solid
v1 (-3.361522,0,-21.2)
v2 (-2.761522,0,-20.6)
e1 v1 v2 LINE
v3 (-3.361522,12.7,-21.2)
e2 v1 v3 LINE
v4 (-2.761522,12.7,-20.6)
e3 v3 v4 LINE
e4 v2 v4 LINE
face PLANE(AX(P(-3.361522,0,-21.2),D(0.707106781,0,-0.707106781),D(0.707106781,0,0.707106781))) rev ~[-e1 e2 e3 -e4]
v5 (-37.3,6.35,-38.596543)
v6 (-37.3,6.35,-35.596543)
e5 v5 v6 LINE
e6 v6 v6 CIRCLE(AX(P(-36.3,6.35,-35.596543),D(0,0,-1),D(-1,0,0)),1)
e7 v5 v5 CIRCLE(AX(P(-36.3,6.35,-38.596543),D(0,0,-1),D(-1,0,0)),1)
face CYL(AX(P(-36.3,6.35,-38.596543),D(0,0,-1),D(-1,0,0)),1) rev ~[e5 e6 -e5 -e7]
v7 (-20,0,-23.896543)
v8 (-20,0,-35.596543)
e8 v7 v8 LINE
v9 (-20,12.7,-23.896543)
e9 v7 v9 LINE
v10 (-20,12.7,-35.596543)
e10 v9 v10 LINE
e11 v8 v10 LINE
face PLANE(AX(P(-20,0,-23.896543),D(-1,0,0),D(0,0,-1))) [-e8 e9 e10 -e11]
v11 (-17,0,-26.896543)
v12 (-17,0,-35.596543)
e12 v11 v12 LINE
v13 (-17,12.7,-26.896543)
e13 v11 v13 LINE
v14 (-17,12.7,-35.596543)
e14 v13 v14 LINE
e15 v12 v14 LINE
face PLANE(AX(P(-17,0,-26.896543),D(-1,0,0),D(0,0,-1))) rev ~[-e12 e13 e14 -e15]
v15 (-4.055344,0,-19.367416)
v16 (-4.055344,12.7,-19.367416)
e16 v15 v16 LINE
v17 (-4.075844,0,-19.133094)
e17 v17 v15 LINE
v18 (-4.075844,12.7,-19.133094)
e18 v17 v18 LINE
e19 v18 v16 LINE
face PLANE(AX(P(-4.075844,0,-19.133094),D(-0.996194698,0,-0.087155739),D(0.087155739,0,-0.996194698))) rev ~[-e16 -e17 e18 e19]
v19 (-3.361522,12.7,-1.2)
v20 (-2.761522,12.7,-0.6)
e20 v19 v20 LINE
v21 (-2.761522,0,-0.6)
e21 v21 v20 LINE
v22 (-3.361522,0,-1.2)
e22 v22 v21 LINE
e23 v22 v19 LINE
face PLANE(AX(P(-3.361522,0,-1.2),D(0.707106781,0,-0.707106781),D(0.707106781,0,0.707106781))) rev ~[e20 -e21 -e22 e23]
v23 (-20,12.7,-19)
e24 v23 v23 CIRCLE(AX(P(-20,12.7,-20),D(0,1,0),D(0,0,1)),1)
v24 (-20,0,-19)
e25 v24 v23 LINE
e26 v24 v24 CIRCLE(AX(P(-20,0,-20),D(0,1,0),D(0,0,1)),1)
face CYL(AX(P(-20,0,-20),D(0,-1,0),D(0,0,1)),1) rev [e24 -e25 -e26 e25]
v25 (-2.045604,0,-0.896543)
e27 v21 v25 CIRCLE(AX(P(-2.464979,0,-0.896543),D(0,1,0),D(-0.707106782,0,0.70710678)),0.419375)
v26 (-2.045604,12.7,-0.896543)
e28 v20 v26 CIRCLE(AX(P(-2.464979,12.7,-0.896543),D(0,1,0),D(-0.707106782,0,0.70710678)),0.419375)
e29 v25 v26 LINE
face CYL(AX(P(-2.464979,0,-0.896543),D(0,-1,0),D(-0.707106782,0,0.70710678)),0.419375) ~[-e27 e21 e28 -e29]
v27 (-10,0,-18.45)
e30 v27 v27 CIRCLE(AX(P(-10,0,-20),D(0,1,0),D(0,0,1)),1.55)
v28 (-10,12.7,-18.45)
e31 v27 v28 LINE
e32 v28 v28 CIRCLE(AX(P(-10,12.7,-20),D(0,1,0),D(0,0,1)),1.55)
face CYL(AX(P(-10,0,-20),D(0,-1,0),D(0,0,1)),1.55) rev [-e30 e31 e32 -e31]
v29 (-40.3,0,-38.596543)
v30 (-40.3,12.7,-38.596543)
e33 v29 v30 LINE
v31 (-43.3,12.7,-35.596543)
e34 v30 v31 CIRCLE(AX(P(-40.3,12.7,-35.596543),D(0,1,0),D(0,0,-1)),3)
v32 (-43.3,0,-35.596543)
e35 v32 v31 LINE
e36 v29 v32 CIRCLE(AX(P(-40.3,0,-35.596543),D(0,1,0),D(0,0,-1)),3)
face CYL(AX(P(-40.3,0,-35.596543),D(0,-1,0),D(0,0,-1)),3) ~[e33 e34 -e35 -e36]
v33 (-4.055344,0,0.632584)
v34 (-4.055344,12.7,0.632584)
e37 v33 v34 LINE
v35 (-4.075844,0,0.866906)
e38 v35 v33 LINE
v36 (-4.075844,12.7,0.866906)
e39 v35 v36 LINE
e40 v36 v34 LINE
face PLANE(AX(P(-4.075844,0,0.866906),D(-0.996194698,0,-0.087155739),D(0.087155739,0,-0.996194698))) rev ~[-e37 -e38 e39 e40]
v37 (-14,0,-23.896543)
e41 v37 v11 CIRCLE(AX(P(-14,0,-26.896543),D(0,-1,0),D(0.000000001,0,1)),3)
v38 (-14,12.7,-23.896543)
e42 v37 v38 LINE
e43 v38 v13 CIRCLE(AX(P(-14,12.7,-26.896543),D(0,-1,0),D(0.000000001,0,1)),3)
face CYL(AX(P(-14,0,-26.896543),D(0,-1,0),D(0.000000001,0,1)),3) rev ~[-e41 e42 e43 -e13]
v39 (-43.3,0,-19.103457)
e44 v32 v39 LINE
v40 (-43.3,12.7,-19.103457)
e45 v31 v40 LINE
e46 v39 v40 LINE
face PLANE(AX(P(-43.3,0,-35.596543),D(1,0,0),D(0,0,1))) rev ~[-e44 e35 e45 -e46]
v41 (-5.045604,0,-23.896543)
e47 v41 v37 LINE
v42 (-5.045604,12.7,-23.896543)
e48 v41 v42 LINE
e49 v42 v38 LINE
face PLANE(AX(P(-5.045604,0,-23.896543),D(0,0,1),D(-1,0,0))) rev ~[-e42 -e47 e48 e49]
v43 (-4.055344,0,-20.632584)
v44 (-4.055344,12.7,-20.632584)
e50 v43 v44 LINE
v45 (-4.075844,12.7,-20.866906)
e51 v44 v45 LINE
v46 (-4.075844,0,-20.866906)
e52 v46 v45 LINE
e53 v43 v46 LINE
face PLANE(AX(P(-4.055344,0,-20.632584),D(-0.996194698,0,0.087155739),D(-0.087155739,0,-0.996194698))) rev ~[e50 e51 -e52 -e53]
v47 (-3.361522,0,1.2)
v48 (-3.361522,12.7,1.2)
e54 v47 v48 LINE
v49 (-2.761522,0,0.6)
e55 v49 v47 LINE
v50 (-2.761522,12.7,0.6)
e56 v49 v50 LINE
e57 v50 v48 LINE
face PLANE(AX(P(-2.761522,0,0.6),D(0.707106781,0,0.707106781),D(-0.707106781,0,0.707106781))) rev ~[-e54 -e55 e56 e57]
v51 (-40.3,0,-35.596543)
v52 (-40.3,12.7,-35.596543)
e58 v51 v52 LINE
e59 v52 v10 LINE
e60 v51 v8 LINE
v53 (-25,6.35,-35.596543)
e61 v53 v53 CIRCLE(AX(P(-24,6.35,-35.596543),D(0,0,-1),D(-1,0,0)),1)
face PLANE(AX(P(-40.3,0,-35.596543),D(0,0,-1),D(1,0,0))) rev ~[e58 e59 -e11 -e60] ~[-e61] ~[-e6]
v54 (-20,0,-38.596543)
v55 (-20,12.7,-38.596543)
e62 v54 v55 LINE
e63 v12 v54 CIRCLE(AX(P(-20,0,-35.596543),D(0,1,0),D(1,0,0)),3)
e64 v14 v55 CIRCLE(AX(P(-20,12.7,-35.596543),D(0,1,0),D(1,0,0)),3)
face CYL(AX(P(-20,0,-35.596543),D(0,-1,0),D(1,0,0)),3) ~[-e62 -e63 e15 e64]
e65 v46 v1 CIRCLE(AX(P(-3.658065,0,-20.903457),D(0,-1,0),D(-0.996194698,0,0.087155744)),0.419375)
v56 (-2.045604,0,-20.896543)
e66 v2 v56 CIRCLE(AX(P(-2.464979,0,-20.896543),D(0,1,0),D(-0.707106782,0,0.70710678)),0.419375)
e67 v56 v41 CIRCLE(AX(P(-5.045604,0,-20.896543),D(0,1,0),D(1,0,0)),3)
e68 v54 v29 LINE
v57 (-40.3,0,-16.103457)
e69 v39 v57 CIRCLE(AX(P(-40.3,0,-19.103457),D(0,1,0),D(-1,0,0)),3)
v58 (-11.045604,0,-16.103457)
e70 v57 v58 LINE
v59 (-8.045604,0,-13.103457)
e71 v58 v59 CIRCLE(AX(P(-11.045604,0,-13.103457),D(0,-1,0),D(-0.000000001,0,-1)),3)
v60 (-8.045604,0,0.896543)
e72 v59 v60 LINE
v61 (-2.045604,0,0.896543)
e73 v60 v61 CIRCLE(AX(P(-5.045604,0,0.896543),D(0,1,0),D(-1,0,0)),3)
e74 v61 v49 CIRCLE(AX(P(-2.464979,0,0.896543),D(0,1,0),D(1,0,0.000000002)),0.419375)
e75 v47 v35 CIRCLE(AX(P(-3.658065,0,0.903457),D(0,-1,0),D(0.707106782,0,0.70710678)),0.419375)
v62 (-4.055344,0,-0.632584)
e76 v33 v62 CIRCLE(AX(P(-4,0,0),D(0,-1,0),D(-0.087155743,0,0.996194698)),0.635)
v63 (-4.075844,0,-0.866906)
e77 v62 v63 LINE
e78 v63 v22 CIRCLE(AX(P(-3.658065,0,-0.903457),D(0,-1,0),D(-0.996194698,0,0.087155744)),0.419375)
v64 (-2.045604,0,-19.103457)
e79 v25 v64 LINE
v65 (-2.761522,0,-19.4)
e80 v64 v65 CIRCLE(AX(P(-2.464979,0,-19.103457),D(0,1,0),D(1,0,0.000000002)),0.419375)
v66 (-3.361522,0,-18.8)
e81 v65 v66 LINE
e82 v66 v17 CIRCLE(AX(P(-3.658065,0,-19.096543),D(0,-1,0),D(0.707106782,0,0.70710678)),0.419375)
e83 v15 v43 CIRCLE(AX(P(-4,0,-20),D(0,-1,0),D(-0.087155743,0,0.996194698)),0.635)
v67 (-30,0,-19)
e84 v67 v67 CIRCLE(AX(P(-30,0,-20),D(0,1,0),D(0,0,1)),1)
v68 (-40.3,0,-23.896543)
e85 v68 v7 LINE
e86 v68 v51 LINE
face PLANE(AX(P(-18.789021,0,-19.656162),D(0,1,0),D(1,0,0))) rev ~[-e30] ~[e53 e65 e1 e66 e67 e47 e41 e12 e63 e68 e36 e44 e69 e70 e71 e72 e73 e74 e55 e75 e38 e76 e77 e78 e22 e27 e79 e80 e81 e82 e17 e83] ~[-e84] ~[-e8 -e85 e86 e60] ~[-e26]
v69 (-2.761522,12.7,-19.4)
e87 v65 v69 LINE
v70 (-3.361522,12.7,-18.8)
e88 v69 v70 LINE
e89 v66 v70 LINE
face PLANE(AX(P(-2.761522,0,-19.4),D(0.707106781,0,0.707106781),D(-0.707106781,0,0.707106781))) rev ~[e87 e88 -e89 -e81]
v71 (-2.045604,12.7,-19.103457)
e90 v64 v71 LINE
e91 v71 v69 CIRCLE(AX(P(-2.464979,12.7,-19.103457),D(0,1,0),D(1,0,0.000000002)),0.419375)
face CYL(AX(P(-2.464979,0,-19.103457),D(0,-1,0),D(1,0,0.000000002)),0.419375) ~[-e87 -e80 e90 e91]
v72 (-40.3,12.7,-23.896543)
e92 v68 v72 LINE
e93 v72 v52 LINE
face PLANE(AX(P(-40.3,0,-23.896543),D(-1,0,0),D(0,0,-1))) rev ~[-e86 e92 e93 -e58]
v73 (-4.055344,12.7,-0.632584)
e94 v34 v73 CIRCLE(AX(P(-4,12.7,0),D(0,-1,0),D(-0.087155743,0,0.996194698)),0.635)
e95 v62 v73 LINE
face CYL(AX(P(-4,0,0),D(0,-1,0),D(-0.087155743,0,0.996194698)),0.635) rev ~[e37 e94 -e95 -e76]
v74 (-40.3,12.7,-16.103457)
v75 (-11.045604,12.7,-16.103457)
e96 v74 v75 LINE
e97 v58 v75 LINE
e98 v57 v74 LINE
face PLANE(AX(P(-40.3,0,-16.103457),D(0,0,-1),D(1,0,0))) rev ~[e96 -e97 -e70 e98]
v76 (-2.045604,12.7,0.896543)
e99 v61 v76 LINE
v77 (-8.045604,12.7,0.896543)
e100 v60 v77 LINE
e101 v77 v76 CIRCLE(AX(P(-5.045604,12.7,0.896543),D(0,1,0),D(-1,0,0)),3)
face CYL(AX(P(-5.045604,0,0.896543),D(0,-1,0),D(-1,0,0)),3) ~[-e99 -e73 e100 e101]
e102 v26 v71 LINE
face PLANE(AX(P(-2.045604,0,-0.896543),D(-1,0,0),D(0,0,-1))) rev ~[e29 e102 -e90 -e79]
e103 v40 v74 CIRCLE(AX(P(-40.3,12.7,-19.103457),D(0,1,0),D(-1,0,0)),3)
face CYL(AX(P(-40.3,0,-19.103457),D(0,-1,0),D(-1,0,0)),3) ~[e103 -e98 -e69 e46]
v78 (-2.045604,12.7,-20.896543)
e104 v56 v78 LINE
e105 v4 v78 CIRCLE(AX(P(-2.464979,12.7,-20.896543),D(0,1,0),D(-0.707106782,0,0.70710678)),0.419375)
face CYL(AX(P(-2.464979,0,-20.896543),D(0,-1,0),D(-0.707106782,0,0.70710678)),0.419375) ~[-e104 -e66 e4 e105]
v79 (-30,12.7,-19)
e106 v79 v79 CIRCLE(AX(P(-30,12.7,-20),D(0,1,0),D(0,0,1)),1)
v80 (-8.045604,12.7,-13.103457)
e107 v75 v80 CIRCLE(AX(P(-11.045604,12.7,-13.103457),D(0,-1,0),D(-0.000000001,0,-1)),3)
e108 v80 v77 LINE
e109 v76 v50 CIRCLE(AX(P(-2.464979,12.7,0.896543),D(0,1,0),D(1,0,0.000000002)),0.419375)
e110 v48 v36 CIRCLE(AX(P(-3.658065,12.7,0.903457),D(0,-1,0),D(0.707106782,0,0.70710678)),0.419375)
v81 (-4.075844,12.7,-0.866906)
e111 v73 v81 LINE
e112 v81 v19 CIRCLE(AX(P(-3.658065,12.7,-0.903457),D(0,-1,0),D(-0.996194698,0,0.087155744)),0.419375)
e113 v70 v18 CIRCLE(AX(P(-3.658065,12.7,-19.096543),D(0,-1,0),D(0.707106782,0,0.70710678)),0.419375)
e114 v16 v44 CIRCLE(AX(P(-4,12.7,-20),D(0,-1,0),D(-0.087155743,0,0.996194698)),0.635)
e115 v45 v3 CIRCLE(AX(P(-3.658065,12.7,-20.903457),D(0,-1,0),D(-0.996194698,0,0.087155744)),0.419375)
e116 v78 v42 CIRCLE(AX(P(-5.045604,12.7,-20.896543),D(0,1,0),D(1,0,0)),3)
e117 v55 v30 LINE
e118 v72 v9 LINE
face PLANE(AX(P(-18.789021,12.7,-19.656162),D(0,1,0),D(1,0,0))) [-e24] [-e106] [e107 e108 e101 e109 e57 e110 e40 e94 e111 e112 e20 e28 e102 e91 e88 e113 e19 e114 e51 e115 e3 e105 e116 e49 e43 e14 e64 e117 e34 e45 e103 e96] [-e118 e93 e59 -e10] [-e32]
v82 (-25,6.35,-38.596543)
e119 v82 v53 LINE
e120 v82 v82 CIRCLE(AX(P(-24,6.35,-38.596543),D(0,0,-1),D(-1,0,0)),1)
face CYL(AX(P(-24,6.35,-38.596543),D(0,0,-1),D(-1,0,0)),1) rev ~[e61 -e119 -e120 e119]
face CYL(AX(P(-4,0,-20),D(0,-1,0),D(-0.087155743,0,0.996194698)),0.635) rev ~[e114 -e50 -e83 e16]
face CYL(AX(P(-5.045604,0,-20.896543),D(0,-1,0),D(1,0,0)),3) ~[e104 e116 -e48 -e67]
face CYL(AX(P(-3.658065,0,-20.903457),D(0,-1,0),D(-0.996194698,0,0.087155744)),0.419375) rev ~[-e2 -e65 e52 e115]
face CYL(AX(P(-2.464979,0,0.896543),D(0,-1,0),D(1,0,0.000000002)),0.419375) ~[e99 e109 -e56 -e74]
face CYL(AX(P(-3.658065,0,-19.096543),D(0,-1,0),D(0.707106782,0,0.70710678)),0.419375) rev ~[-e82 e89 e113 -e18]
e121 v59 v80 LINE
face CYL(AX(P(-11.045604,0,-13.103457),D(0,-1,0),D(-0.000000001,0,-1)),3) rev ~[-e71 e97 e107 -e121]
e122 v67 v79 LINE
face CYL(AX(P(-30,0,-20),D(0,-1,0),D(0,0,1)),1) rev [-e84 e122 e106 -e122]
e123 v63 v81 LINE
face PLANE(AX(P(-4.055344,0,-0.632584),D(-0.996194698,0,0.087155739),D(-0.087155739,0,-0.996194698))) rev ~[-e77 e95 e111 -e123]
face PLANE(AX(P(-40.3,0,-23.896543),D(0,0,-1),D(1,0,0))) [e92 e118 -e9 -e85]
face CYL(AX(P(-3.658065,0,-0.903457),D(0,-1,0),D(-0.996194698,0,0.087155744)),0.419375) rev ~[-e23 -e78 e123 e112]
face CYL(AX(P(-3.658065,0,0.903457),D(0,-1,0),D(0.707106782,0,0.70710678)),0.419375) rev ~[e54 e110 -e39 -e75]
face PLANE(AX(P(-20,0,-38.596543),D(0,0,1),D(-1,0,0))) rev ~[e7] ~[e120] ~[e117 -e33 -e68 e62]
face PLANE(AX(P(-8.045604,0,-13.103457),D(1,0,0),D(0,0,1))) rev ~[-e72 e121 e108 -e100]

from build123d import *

# Parameters (mm, degrees)
SKETCH1_R           = 1
SKETCH1_R_2         = 1.55
SKETCH1_W           = 20.3
SKETCH1_H           = 11.7
BOSS_EXTRUDE1_DEPTH = 12.7
CUT_EXTRUDE1_REACH  = 63.983
SKETCH2_R           = 1


with BuildPart() as part:
    # Sketch1 → Boss-Extrude1 (new body)
    with BuildSketch(Plane(origin=(0, 0, 0), x_dir=(1, 0, 0), z_dir=(0, 1, 0))):
        with BuildLine():
            Line((-4.055343897, 0.632583633), (-4.075844459, 0.866906139))
            ThreePointArc((-4.075844459, 0.866906139), (-3.83530083, 1.283539926), (-3.361522369, 1.2))
            Line((-3.361522369, 1.2), (-2.761522369, 0.6))
            ThreePointArc((-2.761522369, 0.6), (-2.304491577, 0.509090923), (-2.04560443, 0.89654292))
            Line((-2.04560443, 0.89654292), (-2.04560443, 19.10345708))
            ThreePointArc((-2.04560443, 19.10345708), (-2.304491577, 19.490909077), (-2.761522369, 19.4))
            Line((-2.761522369, 19.4), (-3.361522369, 18.8))
            ThreePointArc((-3.361522369, 18.8), (-3.83530083, 18.716460074), (-4.075844459, 19.133093861))
            Line((-4.075844459, 19.133093861), (-4.055343897, 19.367416367))
            ThreePointArc((-4.055343897, 19.367416367), (-4.635, 20), (-4.055343897, 20.632583633))
            Line((-4.055343897, 20.632583633), (-4.075844459, 20.866906139))
            ThreePointArc((-4.075844459, 20.866906139), (-3.83530083, 21.283539926), (-3.361522369, 21.2))
            Line((-3.361522369, 21.2), (-2.761522369, 20.6))
            ThreePointArc((-2.761522369, 20.6), (-2.304491577, 20.509090923), (-2.04560443, 20.89654292))
            ThreePointArc((-2.04560443, 20.89654292), (-2.924284086, 23.017863263), (-5.04560443, 23.89654292))
            Line((-5.04560443, 23.89654292), (-14, 23.89654292))
            ThreePointArc((-14, 23.89654292), (-16.121320344, 24.775222576), (-17, 26.89654292))
            Line((-17, 26.89654292), (-17, 35.59654292))
            ThreePointArc((-17, 35.59654292), (-17.878679656, 37.717863263), (-20, 38.59654292))
            Line((-20, 38.59654292), (-40.3, 38.59654292))
            ThreePointArc((-40.3, 38.59654292), (-42.421320344, 37.717863263), (-43.3, 35.59654292))
            Line((-43.3, 35.59654292), (-43.3, 19.10345708))
            ThreePointArc((-43.3, 19.10345708), (-42.421320344, 16.982136737), (-40.3, 16.10345708))
            Line((-40.3, 16.10345708), (-11.04560443, 16.10345708))
            ThreePointArc((-11.04560443, 16.10345708), (-8.924284086, 15.224777424), (-8.04560443, 13.10345708))
            Line((-8.04560443, 13.10345708), (-8.04560443, -0.89654292))
            ThreePointArc((-8.04560443, -0.89654292), (-5.04560443, -3.89654292), (-2.04560443, -0.89654292))
            ThreePointArc((-2.04560443, -0.89654292), (-2.304491577, -0.509090923), (-2.761522369, -0.6))
            Line((-2.761522369, -0.6), (-3.361522369, -1.2))
            ThreePointArc((-3.361522369, -1.2), (-3.83530083, -1.283539926), (-4.075844459, -0.866906139))
            Line((-4.075844459, -0.866906139), (-4.055343897, -0.632583633))
            ThreePointArc((-4.055343897, -0.632583633), (-4.635, 0), (-4.055343897, 0.632583633))
        make_face()
        with Locations(Location((-20, 20, 0), (0, 0, 270))):
            Circle(SKETCH1_R, mode=Mode.SUBTRACT)
        with Locations(Location((-10, 20, 0), (0, 0, 270))):
            Circle(SKETCH1_R_2, mode=Mode.SUBTRACT)
        with Locations(Location((-30, 20, 0), (0, 0, 270))):
            Circle(SKETCH1_R, mode=Mode.SUBTRACT)
        with Locations((-30.15, 29.74654292)):
            Rectangle(SKETCH1_W, SKETCH1_H, mode=Mode.SUBTRACT)
    extrude(amount=BOSS_EXTRUDE1_DEPTH)

    # Sketch2 → Cut-Extrude1 (cut, up to next)
    with BuildSketch(Plane(origin=(0, 0, -38.59654292), x_dir=(-1, 0, 0), z_dir=(0, 0, -1)), mode=Mode.PRIVATE) as cut_extrude1_sk1:
        with Locations((36.3, 6.35)):
            Circle(SKETCH2_R)
    cut_extrude1_tool1 = extrude(cut_extrude1_sk1.sketch, amount=-CUT_EXTRUDE1_REACH, mode=Mode.PRIVATE) & part.part
    # Sketch2 → Cut-Extrude1 (cut, up to next)
    with BuildSketch(Plane(origin=(0, 0, -38.59654292), x_dir=(-1, 0, 0), z_dir=(0, 0, -1)), mode=Mode.PRIVATE) as cut_extrude1_sk2:
        with Locations((24, 6.35)):
            Circle(SKETCH2_R)
    cut_extrude1_tool2 = extrude(cut_extrude1_sk2.sketch, amount=-CUT_EXTRUDE1_REACH, mode=Mode.PRIVATE) & part.part
    add(cut_extrude1_tool1.solids().sort_by_distance((-36.3, 6.35, -38.596543))[0], mode=Mode.SUBTRACT)
    add(cut_extrude1_tool2.solids().sort_by_distance((-24, 6.35, -38.596543))[0], mode=Mode.SUBTRACT)


solid = part.part
